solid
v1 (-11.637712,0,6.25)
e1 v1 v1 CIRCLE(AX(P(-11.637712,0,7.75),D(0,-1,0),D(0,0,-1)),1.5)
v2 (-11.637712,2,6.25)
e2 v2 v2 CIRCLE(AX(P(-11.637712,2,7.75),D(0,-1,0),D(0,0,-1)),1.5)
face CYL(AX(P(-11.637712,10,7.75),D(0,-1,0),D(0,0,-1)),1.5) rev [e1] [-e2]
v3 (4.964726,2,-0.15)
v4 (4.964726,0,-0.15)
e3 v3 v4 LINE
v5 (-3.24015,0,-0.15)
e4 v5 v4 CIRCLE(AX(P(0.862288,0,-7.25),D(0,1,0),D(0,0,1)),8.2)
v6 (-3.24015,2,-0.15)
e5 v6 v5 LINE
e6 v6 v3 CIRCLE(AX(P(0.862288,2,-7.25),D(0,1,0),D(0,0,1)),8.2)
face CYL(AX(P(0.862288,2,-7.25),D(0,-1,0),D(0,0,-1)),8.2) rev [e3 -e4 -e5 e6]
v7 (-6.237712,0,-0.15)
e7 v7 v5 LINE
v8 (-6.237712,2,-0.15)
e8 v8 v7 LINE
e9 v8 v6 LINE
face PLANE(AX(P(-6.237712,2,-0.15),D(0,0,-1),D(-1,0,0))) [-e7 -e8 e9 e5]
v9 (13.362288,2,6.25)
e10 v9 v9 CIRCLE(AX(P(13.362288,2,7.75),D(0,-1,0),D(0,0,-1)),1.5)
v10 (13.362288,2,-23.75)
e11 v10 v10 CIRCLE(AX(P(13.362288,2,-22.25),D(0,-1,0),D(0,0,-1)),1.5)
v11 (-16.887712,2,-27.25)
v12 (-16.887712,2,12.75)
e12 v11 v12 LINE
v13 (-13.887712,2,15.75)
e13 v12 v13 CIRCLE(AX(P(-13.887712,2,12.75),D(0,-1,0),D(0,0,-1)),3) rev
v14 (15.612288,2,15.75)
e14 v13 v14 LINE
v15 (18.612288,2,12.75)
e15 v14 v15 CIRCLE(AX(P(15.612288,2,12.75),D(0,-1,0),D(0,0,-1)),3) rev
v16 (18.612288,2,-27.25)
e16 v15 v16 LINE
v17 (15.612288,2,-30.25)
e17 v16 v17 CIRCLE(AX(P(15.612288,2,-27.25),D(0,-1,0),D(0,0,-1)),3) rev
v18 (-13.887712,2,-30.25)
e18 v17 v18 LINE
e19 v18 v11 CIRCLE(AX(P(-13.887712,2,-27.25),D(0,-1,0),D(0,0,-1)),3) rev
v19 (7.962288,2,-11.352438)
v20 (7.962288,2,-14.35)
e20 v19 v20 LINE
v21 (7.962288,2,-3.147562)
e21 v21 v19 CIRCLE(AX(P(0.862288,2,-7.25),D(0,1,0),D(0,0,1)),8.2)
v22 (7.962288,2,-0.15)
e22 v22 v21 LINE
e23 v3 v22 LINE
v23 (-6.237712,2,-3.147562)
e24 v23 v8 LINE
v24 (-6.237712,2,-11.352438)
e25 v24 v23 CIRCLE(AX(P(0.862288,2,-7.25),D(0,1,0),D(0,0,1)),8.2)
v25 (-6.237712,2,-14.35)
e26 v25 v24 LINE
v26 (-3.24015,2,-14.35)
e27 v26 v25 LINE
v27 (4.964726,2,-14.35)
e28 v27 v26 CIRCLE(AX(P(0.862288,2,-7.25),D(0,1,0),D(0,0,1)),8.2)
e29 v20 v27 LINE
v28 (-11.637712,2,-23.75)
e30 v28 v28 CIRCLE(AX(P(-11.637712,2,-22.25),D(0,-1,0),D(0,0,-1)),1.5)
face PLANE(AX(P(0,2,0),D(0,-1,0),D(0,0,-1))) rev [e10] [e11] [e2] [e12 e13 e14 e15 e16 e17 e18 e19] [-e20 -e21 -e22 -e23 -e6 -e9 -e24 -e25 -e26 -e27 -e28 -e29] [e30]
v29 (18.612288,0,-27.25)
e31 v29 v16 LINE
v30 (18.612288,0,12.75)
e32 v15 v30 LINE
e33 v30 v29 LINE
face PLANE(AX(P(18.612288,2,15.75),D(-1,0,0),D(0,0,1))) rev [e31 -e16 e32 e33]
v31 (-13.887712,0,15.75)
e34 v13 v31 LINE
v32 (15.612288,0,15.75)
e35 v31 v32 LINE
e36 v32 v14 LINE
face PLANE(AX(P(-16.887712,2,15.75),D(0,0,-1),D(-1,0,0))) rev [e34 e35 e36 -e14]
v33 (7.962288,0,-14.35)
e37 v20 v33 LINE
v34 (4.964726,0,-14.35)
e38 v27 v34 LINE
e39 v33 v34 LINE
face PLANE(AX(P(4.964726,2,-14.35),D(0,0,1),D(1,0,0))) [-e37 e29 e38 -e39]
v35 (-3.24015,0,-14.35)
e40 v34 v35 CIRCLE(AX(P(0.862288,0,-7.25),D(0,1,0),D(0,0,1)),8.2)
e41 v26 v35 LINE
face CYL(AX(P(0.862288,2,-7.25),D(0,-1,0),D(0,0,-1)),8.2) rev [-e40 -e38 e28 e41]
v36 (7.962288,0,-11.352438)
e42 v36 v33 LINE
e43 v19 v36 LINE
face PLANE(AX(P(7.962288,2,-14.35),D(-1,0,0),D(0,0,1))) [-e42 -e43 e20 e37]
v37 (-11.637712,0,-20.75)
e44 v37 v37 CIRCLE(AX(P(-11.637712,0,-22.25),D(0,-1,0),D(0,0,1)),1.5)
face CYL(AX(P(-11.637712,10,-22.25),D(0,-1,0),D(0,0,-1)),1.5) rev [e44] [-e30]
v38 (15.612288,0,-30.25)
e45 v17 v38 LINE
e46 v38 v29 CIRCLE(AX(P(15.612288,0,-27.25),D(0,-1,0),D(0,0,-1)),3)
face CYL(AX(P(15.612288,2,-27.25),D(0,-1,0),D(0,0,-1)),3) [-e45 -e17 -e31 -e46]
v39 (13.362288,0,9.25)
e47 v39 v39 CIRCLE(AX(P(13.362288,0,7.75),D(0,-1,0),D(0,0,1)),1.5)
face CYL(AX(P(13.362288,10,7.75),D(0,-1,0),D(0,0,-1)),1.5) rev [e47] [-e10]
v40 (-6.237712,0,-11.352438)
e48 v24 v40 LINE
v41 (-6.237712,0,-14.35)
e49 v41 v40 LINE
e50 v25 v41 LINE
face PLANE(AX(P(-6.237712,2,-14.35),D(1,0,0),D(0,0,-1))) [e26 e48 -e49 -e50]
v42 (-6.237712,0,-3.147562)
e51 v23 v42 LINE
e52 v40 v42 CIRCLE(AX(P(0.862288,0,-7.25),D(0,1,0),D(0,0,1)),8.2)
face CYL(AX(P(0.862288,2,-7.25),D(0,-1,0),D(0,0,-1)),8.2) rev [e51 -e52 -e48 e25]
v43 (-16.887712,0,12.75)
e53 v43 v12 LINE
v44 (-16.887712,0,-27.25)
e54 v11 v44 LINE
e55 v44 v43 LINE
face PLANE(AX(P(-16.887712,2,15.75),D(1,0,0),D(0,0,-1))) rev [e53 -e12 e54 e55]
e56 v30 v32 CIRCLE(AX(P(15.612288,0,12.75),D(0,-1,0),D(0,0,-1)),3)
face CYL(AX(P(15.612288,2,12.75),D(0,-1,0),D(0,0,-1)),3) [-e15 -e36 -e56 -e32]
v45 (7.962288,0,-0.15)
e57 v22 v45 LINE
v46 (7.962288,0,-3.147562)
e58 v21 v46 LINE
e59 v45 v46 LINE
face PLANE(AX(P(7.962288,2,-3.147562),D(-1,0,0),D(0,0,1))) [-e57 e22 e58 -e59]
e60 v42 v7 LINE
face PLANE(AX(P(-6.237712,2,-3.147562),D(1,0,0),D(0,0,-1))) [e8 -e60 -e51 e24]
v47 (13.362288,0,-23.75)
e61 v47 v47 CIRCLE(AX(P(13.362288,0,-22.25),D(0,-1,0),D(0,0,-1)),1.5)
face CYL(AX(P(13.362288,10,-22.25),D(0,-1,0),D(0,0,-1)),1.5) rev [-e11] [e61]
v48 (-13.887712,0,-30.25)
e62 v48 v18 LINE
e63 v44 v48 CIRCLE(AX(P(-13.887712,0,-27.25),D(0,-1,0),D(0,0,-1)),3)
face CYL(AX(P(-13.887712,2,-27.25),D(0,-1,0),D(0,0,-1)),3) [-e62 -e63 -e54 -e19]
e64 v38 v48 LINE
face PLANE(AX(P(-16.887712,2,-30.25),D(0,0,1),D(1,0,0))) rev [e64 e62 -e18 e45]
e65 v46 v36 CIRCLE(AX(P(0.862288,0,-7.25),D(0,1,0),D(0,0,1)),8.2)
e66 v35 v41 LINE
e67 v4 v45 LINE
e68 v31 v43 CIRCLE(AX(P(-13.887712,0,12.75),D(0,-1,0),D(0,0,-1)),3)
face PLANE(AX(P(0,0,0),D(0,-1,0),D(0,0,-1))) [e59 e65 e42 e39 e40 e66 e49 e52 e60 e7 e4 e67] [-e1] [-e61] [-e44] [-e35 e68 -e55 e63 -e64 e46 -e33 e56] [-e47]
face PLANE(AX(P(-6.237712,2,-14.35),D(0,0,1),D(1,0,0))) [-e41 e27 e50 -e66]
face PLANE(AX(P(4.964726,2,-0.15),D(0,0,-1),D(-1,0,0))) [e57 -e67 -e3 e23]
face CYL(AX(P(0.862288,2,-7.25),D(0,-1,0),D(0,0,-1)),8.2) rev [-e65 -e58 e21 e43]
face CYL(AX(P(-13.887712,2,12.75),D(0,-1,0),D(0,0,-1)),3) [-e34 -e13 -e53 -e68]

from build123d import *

# Parameters (mm, degrees)
SKETCH_1_W          = 35.5
SKETCH_1_H          = 46
EXTRUDE_1_DEPTH     = 2
FILLET_2_R          = 3
SKETCH_3_R          = 1.5
CUT_EXTRUDE_1_DEPTH = 10


with BuildPart() as part:
    # 草图1 → 凸台-拉伸1 (new body)
    with BuildSketch(Plane(origin=(0, 0, 0), x_dir=(1, 0, 0), z_dir=(0, 1, 0))):
        with Locations((0.862287952, 7.25)):
            Rectangle(SKETCH_1_W, SKETCH_1_H)
        with BuildLine():
            Line((-6.237712048, 3.147561701), (-6.237712048, 0.15))
            Line((-6.237712048, 0.15), (-3.240150347, 0.15))
            ThreePointArc((-3.240150347, 0.15), (0.862287952, -0.95), (4.964726252, 0.15))
            Line((4.964726252, 0.15), (7.962287952, 0.15))
            Line((7.962287952, 0.15), (7.962287952, 3.147561701))
            ThreePointArc((7.962287952, 3.147561701), (9.062287952, 7.25), (7.962287952, 11.352438299))
            Line((7.962287952, 11.352438299), (7.962287952, 14.35))
            Line((7.962287952, 14.35), (4.964726252, 14.35))
            ThreePointArc((4.964726252, 14.35), (0.862287952, 15.45), (-3.240150347, 14.35))
            Line((-3.240150347, 14.35), (-6.237712048, 14.35))
            Line((-6.237712048, 14.35), (-6.237712048, 11.352438299))
            ThreePointArc((-6.237712048, 11.352438299), (-7.337712048, 7.25), (-6.237712048, 3.147561701))
        make_face(mode=Mode.SUBTRACT)
    extrude(amount=EXTRUDE_1_DEPTH)

    # 圆角2
    fillet_2_edges = [part.edges().sort_by_distance(p)[0] for p in [
        (-16.887712048, 1, -30.25),
        (18.612287952, 1, -30.25),
        (18.612287952, 1, 15.75),
        (-16.887712048, 1, 15.75),
    ]]
    fillet(fillet_2_edges, radius=FILLET_2_R)

    # 草图3 → 切除-拉伸1 (cut)
    with BuildSketch(Plane.XZ):
        with Locations(Location((-11.637712048, 7.75, 0), (0, 0, 270))):
            Circle(SKETCH_3_R)
        with Locations(Location((-11.637712048, -22.25, 0), (0, 0, 270))):
            Circle(SKETCH_3_R)
        with Locations(Location((13.362287952, -22.25, 0), (0, 0, 270))):
            Circle(SKETCH_3_R)
        with Locations(Location((13.362287952, 7.75, 0), (0, 0, 270))):
            Circle(SKETCH_3_R)
    extrude(amount=-CUT_EXTRUDE_1_DEPTH, mode=Mode.SUBTRACT)


solid = part.part
